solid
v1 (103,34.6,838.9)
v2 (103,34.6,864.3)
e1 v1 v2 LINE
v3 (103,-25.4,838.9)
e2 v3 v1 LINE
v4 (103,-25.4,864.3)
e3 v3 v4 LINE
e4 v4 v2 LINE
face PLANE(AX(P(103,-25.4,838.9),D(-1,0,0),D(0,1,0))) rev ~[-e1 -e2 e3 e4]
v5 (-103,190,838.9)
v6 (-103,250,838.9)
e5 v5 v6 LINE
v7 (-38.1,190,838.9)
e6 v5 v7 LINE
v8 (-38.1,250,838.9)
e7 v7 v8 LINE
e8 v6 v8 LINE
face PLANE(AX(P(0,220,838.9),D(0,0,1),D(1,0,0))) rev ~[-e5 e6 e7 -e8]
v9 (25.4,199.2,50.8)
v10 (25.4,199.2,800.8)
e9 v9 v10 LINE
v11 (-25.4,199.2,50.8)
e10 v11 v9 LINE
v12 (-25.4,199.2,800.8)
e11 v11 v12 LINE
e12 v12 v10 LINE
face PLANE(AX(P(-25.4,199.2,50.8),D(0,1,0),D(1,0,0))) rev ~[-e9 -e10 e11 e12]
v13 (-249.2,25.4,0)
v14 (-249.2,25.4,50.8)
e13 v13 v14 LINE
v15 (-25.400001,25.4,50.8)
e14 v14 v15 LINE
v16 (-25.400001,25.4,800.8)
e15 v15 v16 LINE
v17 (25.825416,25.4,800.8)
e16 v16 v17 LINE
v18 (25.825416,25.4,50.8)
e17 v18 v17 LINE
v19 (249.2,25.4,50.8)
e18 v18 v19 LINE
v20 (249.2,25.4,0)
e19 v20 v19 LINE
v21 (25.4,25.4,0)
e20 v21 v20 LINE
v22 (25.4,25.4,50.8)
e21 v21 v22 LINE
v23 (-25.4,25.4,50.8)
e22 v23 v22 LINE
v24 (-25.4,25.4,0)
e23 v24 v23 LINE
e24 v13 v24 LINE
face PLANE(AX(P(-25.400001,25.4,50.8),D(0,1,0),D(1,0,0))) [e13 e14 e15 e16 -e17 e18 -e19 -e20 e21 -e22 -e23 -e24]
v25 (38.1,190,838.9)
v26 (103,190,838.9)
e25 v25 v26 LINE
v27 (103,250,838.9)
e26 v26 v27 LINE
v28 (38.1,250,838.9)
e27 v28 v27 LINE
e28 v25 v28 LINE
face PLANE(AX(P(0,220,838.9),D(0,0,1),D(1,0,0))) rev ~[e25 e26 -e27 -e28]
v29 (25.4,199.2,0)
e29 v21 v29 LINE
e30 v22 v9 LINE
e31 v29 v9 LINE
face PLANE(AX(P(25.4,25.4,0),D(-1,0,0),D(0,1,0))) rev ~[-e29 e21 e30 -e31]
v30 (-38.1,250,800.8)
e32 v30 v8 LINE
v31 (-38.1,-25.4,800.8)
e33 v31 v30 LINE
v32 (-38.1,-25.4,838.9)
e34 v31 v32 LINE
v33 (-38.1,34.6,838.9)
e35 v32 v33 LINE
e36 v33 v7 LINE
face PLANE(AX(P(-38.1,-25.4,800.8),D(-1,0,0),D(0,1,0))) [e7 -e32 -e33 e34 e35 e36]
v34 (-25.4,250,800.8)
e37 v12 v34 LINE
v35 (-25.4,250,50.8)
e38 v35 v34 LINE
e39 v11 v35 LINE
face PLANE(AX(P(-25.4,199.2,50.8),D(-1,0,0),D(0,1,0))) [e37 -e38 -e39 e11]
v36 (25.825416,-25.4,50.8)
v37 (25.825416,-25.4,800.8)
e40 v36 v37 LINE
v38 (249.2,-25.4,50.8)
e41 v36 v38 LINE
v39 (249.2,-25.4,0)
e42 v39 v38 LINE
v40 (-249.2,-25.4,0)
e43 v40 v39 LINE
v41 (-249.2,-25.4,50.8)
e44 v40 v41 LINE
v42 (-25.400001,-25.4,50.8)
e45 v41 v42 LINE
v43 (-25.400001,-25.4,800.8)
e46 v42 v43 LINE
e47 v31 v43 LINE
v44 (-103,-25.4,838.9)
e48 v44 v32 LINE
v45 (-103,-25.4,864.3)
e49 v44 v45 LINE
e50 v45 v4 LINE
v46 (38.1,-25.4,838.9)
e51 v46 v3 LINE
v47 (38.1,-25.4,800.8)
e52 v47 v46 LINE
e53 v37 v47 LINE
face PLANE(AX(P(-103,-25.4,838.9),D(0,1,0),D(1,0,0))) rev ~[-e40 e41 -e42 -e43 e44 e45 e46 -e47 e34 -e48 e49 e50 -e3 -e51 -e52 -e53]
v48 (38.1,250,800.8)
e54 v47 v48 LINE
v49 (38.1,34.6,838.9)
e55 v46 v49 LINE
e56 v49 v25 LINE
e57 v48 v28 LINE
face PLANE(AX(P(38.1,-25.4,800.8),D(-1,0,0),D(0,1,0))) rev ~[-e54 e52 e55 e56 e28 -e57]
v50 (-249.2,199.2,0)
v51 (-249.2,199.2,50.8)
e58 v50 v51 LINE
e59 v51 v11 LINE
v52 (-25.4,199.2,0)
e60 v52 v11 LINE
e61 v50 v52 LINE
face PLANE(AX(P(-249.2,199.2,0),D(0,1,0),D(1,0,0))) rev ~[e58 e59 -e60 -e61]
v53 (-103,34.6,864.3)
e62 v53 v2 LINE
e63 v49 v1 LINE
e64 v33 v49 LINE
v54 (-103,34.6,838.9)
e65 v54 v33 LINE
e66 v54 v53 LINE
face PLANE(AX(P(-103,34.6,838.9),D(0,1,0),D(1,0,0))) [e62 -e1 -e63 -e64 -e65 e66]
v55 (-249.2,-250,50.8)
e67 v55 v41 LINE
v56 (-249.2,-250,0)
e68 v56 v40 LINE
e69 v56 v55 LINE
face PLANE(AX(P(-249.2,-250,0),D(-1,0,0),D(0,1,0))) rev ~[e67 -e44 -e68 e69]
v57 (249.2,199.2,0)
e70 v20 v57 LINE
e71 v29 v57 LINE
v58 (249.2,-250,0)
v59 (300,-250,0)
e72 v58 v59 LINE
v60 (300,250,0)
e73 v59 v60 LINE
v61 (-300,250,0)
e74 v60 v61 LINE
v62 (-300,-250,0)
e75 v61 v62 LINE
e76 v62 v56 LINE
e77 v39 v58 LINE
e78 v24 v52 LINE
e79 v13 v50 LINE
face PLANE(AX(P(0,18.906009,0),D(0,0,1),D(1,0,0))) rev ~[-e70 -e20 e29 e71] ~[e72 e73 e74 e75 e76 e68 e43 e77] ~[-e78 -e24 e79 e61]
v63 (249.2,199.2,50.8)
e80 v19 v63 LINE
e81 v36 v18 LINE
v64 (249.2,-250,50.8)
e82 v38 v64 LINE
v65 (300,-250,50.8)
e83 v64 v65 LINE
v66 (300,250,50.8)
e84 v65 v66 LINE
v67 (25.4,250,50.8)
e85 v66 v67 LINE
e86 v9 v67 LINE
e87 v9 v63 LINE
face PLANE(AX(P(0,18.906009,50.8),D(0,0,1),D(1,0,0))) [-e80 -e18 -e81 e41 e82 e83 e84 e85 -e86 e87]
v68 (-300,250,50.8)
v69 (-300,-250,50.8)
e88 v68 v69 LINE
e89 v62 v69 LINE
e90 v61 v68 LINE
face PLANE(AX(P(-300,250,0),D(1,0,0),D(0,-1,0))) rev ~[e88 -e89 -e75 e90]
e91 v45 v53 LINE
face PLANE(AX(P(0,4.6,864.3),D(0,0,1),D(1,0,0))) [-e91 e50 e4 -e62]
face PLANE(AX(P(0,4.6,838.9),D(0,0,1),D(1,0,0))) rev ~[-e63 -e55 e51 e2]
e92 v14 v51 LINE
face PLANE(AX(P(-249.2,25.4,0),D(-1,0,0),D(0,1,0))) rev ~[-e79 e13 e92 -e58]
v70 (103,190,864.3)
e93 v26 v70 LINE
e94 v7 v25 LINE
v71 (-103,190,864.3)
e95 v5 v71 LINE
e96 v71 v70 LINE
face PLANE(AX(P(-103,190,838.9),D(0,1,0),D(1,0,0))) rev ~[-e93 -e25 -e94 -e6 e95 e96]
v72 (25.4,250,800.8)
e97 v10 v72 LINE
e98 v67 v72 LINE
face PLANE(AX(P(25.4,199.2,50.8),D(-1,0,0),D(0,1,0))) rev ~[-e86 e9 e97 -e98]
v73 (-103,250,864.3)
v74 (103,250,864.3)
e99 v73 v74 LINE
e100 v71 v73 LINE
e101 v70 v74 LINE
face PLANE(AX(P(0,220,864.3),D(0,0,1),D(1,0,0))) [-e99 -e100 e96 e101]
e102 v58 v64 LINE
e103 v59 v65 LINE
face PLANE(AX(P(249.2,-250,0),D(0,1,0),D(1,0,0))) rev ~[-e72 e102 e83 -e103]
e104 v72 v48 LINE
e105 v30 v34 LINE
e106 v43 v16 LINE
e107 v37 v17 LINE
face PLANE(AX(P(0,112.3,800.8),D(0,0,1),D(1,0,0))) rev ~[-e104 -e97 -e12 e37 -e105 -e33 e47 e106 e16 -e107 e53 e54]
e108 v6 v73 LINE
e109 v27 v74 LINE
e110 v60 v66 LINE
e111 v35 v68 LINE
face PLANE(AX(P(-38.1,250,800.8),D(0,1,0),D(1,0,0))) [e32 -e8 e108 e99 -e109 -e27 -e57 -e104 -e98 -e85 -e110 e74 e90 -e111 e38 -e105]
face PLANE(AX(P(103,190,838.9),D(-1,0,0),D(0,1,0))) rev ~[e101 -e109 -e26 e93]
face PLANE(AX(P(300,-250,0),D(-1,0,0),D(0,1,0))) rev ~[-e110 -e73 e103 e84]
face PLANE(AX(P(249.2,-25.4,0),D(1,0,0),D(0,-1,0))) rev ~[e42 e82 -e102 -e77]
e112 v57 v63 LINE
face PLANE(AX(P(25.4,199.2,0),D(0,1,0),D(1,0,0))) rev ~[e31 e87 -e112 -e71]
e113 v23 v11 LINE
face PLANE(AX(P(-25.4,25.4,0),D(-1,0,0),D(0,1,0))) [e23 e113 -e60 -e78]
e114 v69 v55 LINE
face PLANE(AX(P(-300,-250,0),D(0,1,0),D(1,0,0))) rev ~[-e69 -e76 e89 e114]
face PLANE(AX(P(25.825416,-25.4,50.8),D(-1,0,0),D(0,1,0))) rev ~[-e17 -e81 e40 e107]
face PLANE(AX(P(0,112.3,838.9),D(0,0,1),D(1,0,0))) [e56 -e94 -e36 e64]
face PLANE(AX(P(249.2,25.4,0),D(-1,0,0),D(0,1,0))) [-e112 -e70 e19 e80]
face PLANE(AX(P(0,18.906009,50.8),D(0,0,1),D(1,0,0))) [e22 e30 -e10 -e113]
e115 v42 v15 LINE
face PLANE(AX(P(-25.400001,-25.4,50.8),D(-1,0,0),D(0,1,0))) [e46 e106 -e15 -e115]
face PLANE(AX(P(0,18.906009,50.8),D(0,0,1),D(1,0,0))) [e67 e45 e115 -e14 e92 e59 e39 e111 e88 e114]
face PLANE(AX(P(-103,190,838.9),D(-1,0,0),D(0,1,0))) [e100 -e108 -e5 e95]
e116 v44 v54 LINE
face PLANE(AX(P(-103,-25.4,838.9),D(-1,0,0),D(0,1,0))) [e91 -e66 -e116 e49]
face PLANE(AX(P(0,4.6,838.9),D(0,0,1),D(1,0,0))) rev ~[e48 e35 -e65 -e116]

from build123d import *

# Parameters (mm, degrees)
F0_W     = 223.8
F0_H     = 173.8
F1_DEPTH = 50.8
F2_W     = 51.225417
F2_H     = 50.8
F2_W_2   = 50.8
F3_DEPTH = 750
F5_W     = 76.2
F5_H     = 275.4
F6_DEPTH = 38.1
F8_W     = 206
F8_H     = 60
F9_DEPTH = 25.4


with BuildPart() as f1:
    # F0 (on Top) → F1 (new body)
    with BuildSketch(Plane.XY):
        Polygon((0, 250), (-300, 250), (-300, -250), (-249.2, -250), (-249.2, -25.4), (0, -25.4), (249.2, -25.4), (249.2, -250), (300, -250), (300, 250), align=None)
        with Locations((-137.3, 112.3)):
            Rectangle(F0_W, F0_H, mode=Mode.SUBTRACT)
        with Locations((137.3, 112.3)):
            Rectangle(F0_W, F0_H, mode=Mode.SUBTRACT)
    extrude(amount=F1_DEPTH)

    # F2 (on face) → F3 (join)
    with BuildSketch(Plane.XY.offset(50.8)):
        with Locations((0.212708, 0)):
            Rectangle(F2_W, F2_H)
        with Locations((0, 224.6)):
            Rectangle(F2_W_2, F2_H)
    extrude(amount=F3_DEPTH)

    # F5 (on offset) → F6 (join)
    with BuildSketch(Plane.XY.offset(800.8)):
        with Locations((0, 112.3)):
            Rectangle(F5_W, F5_H)
    extrude(amount=F6_DEPTH)

    # F8 (on offset) → F9 (join)
    with BuildSketch(Plane.XY.offset(838.9)):
        with Locations((0, 4.6)):
            Rectangle(F8_W, F8_H)
        with Locations((0, 220)):
            Rectangle(F8_W, F8_H)
    extrude(amount=F9_DEPTH)


solid = f1.part
